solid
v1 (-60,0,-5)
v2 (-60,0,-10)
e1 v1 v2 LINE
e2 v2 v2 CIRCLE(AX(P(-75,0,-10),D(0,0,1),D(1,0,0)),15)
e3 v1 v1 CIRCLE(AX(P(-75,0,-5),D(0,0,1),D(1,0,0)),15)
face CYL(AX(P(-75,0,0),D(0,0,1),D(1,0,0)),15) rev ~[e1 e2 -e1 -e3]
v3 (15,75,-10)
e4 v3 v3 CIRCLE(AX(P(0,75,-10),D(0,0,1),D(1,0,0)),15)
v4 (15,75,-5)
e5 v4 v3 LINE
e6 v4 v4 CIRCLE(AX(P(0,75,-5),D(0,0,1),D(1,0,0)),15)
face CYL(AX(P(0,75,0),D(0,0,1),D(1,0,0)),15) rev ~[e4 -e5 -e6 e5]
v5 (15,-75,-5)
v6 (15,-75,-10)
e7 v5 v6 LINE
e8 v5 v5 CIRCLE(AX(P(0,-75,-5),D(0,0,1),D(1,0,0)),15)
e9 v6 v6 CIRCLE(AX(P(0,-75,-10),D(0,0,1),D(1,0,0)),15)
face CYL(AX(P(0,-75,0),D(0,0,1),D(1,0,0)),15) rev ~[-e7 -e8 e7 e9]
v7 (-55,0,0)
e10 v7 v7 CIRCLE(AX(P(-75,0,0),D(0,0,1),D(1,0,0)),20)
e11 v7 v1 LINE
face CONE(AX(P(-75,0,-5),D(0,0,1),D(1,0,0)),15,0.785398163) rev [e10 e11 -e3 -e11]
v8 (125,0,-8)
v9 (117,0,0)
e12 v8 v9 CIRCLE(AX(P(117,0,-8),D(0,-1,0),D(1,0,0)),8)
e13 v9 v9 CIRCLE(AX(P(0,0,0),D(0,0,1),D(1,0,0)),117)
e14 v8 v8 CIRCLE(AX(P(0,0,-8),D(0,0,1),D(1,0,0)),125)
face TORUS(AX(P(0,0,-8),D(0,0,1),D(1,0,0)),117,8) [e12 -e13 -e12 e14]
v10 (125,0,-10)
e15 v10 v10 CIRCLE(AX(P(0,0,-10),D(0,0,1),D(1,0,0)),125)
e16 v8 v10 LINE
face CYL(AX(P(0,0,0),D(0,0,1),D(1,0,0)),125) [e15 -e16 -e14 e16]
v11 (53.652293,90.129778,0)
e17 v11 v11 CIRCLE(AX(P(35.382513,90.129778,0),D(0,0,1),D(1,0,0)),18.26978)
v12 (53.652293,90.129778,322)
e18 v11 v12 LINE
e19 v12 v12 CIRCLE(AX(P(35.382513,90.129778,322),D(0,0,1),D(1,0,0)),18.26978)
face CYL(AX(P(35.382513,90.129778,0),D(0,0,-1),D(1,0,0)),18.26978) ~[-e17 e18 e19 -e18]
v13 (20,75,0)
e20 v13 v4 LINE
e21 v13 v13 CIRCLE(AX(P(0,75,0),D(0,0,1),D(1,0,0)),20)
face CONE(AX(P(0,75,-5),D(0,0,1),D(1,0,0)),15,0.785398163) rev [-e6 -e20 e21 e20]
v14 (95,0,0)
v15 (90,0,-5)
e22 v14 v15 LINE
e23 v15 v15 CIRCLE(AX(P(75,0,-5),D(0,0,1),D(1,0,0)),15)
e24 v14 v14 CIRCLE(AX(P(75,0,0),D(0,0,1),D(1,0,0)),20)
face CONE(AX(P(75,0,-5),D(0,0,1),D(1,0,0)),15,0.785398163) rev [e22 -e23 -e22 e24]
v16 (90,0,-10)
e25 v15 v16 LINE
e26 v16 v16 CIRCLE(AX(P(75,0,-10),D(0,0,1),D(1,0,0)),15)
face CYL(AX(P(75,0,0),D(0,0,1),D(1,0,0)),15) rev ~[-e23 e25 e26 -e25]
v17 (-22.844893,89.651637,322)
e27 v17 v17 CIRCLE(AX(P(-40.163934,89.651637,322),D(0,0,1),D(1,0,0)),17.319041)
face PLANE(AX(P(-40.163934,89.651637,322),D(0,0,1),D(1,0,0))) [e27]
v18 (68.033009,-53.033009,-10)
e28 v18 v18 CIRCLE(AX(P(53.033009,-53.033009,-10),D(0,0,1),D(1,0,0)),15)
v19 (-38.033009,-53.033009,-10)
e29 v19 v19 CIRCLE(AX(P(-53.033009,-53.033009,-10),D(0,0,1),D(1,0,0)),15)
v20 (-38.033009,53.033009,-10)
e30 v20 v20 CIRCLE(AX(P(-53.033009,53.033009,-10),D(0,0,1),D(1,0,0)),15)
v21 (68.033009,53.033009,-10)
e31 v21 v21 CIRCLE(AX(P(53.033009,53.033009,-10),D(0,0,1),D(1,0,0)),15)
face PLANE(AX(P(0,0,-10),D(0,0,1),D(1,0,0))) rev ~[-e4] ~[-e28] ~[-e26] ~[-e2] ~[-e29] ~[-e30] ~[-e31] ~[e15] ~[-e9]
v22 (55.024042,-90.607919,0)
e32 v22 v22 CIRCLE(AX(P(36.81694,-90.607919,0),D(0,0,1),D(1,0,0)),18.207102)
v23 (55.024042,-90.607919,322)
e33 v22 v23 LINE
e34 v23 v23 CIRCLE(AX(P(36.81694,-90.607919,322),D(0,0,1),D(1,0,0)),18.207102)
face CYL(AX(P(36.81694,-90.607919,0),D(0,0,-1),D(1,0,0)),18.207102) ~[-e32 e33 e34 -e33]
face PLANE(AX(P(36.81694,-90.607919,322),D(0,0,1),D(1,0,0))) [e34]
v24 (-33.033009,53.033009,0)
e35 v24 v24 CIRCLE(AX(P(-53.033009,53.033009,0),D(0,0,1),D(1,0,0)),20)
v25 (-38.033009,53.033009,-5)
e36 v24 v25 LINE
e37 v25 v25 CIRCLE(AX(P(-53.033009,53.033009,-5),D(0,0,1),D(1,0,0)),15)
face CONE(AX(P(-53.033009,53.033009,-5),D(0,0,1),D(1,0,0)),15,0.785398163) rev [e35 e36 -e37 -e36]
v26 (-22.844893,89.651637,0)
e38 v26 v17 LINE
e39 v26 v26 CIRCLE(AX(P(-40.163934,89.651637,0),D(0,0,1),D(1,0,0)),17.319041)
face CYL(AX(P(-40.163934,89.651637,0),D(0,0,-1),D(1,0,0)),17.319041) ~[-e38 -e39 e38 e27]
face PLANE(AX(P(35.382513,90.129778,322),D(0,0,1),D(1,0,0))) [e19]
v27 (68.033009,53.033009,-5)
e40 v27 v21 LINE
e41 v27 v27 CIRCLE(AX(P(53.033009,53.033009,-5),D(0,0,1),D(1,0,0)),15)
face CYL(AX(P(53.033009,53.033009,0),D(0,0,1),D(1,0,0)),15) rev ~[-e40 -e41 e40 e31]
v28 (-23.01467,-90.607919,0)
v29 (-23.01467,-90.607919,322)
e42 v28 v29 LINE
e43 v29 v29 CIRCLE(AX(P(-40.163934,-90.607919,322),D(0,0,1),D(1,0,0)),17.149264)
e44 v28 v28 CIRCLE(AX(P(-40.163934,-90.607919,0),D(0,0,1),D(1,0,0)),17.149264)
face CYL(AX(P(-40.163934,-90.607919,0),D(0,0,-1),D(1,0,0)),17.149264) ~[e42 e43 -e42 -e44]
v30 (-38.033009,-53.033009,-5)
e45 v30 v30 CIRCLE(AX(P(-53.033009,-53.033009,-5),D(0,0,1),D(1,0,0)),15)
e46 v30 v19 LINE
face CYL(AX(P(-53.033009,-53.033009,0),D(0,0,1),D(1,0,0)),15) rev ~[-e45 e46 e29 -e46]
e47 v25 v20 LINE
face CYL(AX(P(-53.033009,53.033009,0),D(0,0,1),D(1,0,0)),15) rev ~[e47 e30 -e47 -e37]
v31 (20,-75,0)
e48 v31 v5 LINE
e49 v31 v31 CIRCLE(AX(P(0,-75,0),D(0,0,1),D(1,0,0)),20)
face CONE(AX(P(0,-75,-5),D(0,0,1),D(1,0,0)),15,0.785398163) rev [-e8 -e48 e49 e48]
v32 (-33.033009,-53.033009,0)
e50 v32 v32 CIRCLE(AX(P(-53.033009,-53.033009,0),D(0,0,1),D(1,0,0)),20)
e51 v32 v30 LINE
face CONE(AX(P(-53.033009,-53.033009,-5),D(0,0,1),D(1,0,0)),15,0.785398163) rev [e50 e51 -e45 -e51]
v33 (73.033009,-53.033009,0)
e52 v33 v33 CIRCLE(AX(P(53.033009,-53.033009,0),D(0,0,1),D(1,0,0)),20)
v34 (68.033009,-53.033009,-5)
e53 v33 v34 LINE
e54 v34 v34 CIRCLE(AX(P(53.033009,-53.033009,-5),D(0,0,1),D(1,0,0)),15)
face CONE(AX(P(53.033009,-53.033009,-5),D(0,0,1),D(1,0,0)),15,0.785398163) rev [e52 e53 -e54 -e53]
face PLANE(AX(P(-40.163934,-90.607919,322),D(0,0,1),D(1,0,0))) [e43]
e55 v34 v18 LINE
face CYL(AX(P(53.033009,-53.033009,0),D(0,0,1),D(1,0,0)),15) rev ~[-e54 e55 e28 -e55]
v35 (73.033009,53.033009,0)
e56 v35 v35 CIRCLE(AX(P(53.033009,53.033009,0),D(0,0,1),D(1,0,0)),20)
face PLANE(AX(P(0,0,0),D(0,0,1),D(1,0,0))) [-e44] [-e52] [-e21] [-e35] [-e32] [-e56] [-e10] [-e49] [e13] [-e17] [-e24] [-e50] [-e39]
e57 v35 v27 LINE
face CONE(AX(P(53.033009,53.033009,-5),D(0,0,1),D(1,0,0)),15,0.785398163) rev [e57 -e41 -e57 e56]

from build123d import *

# Parameters (mm, degrees)
F1_R     = 125
F1_R_2   = 15
F2_DEPTH = 10
F3_R     = 8
F4_SIZE  = 5
F5_R     = 17.149264
F5_R_2   = 18.207102
F5_R_3   = 18.26978
F5_R_4   = 17.319041
F6_DEPTH = 322


with BuildPart() as f2:
    # F1 (on face) → F2 (new body)
    with BuildSketch(Plane.XY):
        Circle(F1_R)
        with Locations((-53.033009, -53.033009)):
            Circle(F1_R_2, mode=Mode.SUBTRACT)
        with Locations((0, -75)):
            Circle(F1_R_2, mode=Mode.SUBTRACT)
        with Locations((53.033009, -53.033009)):
            Circle(F1_R_2, mode=Mode.SUBTRACT)
        with Locations((-75, 0)):
            Circle(F1_R_2, mode=Mode.SUBTRACT)
        with Locations((-53.033009, 53.033009)):
            Circle(F1_R_2, mode=Mode.SUBTRACT)
        with Locations((53.033009, 53.033009)):
            Circle(F1_R_2, mode=Mode.SUBTRACT)
        with Locations((75, 0)):
            Circle(F1_R_2, mode=Mode.SUBTRACT)
        with Locations((0, 75)):
            Circle(F1_R_2, mode=Mode.SUBTRACT)
    extrude(amount=-F2_DEPTH)

    # F3
    f3_edges = [f2.edges().sort_by_distance(p)[0] for p in [
        (-125, 0, 0),
    ]]
    fillet(f3_edges, radius=F3_R)

    # F4
    f4_edges = [f2.edges().sort_by_distance(p)[0] for p in [
        (-68.033009, 53.033009, 0),
        (-15, 75, 0),
        (-90, 0, 0),
        (38.033009, 53.033009, 0),
        (-68.033009, -53.033009, 0),
        (-15, -75, 0),
        (38.033009, -53.033009, 0),
        (60, 0, 0),
    ]]
    chamfer(f4_edges, length=F4_SIZE)

    # F5 (on face) → F6 (join)
    with BuildSketch(Plane.XY):
        with Locations((-40.163934, -90.607919)):
            Circle(F5_R)
        with Locations((36.81694, -90.607919)):
            Circle(F5_R_2)
        with Locations((35.382513, 90.129778)):
            Circle(F5_R_3)
        with Locations((-40.163934, 89.651637)):
            Circle(F5_R_4)
    extrude(amount=F6_DEPTH)


solid = f2.part
